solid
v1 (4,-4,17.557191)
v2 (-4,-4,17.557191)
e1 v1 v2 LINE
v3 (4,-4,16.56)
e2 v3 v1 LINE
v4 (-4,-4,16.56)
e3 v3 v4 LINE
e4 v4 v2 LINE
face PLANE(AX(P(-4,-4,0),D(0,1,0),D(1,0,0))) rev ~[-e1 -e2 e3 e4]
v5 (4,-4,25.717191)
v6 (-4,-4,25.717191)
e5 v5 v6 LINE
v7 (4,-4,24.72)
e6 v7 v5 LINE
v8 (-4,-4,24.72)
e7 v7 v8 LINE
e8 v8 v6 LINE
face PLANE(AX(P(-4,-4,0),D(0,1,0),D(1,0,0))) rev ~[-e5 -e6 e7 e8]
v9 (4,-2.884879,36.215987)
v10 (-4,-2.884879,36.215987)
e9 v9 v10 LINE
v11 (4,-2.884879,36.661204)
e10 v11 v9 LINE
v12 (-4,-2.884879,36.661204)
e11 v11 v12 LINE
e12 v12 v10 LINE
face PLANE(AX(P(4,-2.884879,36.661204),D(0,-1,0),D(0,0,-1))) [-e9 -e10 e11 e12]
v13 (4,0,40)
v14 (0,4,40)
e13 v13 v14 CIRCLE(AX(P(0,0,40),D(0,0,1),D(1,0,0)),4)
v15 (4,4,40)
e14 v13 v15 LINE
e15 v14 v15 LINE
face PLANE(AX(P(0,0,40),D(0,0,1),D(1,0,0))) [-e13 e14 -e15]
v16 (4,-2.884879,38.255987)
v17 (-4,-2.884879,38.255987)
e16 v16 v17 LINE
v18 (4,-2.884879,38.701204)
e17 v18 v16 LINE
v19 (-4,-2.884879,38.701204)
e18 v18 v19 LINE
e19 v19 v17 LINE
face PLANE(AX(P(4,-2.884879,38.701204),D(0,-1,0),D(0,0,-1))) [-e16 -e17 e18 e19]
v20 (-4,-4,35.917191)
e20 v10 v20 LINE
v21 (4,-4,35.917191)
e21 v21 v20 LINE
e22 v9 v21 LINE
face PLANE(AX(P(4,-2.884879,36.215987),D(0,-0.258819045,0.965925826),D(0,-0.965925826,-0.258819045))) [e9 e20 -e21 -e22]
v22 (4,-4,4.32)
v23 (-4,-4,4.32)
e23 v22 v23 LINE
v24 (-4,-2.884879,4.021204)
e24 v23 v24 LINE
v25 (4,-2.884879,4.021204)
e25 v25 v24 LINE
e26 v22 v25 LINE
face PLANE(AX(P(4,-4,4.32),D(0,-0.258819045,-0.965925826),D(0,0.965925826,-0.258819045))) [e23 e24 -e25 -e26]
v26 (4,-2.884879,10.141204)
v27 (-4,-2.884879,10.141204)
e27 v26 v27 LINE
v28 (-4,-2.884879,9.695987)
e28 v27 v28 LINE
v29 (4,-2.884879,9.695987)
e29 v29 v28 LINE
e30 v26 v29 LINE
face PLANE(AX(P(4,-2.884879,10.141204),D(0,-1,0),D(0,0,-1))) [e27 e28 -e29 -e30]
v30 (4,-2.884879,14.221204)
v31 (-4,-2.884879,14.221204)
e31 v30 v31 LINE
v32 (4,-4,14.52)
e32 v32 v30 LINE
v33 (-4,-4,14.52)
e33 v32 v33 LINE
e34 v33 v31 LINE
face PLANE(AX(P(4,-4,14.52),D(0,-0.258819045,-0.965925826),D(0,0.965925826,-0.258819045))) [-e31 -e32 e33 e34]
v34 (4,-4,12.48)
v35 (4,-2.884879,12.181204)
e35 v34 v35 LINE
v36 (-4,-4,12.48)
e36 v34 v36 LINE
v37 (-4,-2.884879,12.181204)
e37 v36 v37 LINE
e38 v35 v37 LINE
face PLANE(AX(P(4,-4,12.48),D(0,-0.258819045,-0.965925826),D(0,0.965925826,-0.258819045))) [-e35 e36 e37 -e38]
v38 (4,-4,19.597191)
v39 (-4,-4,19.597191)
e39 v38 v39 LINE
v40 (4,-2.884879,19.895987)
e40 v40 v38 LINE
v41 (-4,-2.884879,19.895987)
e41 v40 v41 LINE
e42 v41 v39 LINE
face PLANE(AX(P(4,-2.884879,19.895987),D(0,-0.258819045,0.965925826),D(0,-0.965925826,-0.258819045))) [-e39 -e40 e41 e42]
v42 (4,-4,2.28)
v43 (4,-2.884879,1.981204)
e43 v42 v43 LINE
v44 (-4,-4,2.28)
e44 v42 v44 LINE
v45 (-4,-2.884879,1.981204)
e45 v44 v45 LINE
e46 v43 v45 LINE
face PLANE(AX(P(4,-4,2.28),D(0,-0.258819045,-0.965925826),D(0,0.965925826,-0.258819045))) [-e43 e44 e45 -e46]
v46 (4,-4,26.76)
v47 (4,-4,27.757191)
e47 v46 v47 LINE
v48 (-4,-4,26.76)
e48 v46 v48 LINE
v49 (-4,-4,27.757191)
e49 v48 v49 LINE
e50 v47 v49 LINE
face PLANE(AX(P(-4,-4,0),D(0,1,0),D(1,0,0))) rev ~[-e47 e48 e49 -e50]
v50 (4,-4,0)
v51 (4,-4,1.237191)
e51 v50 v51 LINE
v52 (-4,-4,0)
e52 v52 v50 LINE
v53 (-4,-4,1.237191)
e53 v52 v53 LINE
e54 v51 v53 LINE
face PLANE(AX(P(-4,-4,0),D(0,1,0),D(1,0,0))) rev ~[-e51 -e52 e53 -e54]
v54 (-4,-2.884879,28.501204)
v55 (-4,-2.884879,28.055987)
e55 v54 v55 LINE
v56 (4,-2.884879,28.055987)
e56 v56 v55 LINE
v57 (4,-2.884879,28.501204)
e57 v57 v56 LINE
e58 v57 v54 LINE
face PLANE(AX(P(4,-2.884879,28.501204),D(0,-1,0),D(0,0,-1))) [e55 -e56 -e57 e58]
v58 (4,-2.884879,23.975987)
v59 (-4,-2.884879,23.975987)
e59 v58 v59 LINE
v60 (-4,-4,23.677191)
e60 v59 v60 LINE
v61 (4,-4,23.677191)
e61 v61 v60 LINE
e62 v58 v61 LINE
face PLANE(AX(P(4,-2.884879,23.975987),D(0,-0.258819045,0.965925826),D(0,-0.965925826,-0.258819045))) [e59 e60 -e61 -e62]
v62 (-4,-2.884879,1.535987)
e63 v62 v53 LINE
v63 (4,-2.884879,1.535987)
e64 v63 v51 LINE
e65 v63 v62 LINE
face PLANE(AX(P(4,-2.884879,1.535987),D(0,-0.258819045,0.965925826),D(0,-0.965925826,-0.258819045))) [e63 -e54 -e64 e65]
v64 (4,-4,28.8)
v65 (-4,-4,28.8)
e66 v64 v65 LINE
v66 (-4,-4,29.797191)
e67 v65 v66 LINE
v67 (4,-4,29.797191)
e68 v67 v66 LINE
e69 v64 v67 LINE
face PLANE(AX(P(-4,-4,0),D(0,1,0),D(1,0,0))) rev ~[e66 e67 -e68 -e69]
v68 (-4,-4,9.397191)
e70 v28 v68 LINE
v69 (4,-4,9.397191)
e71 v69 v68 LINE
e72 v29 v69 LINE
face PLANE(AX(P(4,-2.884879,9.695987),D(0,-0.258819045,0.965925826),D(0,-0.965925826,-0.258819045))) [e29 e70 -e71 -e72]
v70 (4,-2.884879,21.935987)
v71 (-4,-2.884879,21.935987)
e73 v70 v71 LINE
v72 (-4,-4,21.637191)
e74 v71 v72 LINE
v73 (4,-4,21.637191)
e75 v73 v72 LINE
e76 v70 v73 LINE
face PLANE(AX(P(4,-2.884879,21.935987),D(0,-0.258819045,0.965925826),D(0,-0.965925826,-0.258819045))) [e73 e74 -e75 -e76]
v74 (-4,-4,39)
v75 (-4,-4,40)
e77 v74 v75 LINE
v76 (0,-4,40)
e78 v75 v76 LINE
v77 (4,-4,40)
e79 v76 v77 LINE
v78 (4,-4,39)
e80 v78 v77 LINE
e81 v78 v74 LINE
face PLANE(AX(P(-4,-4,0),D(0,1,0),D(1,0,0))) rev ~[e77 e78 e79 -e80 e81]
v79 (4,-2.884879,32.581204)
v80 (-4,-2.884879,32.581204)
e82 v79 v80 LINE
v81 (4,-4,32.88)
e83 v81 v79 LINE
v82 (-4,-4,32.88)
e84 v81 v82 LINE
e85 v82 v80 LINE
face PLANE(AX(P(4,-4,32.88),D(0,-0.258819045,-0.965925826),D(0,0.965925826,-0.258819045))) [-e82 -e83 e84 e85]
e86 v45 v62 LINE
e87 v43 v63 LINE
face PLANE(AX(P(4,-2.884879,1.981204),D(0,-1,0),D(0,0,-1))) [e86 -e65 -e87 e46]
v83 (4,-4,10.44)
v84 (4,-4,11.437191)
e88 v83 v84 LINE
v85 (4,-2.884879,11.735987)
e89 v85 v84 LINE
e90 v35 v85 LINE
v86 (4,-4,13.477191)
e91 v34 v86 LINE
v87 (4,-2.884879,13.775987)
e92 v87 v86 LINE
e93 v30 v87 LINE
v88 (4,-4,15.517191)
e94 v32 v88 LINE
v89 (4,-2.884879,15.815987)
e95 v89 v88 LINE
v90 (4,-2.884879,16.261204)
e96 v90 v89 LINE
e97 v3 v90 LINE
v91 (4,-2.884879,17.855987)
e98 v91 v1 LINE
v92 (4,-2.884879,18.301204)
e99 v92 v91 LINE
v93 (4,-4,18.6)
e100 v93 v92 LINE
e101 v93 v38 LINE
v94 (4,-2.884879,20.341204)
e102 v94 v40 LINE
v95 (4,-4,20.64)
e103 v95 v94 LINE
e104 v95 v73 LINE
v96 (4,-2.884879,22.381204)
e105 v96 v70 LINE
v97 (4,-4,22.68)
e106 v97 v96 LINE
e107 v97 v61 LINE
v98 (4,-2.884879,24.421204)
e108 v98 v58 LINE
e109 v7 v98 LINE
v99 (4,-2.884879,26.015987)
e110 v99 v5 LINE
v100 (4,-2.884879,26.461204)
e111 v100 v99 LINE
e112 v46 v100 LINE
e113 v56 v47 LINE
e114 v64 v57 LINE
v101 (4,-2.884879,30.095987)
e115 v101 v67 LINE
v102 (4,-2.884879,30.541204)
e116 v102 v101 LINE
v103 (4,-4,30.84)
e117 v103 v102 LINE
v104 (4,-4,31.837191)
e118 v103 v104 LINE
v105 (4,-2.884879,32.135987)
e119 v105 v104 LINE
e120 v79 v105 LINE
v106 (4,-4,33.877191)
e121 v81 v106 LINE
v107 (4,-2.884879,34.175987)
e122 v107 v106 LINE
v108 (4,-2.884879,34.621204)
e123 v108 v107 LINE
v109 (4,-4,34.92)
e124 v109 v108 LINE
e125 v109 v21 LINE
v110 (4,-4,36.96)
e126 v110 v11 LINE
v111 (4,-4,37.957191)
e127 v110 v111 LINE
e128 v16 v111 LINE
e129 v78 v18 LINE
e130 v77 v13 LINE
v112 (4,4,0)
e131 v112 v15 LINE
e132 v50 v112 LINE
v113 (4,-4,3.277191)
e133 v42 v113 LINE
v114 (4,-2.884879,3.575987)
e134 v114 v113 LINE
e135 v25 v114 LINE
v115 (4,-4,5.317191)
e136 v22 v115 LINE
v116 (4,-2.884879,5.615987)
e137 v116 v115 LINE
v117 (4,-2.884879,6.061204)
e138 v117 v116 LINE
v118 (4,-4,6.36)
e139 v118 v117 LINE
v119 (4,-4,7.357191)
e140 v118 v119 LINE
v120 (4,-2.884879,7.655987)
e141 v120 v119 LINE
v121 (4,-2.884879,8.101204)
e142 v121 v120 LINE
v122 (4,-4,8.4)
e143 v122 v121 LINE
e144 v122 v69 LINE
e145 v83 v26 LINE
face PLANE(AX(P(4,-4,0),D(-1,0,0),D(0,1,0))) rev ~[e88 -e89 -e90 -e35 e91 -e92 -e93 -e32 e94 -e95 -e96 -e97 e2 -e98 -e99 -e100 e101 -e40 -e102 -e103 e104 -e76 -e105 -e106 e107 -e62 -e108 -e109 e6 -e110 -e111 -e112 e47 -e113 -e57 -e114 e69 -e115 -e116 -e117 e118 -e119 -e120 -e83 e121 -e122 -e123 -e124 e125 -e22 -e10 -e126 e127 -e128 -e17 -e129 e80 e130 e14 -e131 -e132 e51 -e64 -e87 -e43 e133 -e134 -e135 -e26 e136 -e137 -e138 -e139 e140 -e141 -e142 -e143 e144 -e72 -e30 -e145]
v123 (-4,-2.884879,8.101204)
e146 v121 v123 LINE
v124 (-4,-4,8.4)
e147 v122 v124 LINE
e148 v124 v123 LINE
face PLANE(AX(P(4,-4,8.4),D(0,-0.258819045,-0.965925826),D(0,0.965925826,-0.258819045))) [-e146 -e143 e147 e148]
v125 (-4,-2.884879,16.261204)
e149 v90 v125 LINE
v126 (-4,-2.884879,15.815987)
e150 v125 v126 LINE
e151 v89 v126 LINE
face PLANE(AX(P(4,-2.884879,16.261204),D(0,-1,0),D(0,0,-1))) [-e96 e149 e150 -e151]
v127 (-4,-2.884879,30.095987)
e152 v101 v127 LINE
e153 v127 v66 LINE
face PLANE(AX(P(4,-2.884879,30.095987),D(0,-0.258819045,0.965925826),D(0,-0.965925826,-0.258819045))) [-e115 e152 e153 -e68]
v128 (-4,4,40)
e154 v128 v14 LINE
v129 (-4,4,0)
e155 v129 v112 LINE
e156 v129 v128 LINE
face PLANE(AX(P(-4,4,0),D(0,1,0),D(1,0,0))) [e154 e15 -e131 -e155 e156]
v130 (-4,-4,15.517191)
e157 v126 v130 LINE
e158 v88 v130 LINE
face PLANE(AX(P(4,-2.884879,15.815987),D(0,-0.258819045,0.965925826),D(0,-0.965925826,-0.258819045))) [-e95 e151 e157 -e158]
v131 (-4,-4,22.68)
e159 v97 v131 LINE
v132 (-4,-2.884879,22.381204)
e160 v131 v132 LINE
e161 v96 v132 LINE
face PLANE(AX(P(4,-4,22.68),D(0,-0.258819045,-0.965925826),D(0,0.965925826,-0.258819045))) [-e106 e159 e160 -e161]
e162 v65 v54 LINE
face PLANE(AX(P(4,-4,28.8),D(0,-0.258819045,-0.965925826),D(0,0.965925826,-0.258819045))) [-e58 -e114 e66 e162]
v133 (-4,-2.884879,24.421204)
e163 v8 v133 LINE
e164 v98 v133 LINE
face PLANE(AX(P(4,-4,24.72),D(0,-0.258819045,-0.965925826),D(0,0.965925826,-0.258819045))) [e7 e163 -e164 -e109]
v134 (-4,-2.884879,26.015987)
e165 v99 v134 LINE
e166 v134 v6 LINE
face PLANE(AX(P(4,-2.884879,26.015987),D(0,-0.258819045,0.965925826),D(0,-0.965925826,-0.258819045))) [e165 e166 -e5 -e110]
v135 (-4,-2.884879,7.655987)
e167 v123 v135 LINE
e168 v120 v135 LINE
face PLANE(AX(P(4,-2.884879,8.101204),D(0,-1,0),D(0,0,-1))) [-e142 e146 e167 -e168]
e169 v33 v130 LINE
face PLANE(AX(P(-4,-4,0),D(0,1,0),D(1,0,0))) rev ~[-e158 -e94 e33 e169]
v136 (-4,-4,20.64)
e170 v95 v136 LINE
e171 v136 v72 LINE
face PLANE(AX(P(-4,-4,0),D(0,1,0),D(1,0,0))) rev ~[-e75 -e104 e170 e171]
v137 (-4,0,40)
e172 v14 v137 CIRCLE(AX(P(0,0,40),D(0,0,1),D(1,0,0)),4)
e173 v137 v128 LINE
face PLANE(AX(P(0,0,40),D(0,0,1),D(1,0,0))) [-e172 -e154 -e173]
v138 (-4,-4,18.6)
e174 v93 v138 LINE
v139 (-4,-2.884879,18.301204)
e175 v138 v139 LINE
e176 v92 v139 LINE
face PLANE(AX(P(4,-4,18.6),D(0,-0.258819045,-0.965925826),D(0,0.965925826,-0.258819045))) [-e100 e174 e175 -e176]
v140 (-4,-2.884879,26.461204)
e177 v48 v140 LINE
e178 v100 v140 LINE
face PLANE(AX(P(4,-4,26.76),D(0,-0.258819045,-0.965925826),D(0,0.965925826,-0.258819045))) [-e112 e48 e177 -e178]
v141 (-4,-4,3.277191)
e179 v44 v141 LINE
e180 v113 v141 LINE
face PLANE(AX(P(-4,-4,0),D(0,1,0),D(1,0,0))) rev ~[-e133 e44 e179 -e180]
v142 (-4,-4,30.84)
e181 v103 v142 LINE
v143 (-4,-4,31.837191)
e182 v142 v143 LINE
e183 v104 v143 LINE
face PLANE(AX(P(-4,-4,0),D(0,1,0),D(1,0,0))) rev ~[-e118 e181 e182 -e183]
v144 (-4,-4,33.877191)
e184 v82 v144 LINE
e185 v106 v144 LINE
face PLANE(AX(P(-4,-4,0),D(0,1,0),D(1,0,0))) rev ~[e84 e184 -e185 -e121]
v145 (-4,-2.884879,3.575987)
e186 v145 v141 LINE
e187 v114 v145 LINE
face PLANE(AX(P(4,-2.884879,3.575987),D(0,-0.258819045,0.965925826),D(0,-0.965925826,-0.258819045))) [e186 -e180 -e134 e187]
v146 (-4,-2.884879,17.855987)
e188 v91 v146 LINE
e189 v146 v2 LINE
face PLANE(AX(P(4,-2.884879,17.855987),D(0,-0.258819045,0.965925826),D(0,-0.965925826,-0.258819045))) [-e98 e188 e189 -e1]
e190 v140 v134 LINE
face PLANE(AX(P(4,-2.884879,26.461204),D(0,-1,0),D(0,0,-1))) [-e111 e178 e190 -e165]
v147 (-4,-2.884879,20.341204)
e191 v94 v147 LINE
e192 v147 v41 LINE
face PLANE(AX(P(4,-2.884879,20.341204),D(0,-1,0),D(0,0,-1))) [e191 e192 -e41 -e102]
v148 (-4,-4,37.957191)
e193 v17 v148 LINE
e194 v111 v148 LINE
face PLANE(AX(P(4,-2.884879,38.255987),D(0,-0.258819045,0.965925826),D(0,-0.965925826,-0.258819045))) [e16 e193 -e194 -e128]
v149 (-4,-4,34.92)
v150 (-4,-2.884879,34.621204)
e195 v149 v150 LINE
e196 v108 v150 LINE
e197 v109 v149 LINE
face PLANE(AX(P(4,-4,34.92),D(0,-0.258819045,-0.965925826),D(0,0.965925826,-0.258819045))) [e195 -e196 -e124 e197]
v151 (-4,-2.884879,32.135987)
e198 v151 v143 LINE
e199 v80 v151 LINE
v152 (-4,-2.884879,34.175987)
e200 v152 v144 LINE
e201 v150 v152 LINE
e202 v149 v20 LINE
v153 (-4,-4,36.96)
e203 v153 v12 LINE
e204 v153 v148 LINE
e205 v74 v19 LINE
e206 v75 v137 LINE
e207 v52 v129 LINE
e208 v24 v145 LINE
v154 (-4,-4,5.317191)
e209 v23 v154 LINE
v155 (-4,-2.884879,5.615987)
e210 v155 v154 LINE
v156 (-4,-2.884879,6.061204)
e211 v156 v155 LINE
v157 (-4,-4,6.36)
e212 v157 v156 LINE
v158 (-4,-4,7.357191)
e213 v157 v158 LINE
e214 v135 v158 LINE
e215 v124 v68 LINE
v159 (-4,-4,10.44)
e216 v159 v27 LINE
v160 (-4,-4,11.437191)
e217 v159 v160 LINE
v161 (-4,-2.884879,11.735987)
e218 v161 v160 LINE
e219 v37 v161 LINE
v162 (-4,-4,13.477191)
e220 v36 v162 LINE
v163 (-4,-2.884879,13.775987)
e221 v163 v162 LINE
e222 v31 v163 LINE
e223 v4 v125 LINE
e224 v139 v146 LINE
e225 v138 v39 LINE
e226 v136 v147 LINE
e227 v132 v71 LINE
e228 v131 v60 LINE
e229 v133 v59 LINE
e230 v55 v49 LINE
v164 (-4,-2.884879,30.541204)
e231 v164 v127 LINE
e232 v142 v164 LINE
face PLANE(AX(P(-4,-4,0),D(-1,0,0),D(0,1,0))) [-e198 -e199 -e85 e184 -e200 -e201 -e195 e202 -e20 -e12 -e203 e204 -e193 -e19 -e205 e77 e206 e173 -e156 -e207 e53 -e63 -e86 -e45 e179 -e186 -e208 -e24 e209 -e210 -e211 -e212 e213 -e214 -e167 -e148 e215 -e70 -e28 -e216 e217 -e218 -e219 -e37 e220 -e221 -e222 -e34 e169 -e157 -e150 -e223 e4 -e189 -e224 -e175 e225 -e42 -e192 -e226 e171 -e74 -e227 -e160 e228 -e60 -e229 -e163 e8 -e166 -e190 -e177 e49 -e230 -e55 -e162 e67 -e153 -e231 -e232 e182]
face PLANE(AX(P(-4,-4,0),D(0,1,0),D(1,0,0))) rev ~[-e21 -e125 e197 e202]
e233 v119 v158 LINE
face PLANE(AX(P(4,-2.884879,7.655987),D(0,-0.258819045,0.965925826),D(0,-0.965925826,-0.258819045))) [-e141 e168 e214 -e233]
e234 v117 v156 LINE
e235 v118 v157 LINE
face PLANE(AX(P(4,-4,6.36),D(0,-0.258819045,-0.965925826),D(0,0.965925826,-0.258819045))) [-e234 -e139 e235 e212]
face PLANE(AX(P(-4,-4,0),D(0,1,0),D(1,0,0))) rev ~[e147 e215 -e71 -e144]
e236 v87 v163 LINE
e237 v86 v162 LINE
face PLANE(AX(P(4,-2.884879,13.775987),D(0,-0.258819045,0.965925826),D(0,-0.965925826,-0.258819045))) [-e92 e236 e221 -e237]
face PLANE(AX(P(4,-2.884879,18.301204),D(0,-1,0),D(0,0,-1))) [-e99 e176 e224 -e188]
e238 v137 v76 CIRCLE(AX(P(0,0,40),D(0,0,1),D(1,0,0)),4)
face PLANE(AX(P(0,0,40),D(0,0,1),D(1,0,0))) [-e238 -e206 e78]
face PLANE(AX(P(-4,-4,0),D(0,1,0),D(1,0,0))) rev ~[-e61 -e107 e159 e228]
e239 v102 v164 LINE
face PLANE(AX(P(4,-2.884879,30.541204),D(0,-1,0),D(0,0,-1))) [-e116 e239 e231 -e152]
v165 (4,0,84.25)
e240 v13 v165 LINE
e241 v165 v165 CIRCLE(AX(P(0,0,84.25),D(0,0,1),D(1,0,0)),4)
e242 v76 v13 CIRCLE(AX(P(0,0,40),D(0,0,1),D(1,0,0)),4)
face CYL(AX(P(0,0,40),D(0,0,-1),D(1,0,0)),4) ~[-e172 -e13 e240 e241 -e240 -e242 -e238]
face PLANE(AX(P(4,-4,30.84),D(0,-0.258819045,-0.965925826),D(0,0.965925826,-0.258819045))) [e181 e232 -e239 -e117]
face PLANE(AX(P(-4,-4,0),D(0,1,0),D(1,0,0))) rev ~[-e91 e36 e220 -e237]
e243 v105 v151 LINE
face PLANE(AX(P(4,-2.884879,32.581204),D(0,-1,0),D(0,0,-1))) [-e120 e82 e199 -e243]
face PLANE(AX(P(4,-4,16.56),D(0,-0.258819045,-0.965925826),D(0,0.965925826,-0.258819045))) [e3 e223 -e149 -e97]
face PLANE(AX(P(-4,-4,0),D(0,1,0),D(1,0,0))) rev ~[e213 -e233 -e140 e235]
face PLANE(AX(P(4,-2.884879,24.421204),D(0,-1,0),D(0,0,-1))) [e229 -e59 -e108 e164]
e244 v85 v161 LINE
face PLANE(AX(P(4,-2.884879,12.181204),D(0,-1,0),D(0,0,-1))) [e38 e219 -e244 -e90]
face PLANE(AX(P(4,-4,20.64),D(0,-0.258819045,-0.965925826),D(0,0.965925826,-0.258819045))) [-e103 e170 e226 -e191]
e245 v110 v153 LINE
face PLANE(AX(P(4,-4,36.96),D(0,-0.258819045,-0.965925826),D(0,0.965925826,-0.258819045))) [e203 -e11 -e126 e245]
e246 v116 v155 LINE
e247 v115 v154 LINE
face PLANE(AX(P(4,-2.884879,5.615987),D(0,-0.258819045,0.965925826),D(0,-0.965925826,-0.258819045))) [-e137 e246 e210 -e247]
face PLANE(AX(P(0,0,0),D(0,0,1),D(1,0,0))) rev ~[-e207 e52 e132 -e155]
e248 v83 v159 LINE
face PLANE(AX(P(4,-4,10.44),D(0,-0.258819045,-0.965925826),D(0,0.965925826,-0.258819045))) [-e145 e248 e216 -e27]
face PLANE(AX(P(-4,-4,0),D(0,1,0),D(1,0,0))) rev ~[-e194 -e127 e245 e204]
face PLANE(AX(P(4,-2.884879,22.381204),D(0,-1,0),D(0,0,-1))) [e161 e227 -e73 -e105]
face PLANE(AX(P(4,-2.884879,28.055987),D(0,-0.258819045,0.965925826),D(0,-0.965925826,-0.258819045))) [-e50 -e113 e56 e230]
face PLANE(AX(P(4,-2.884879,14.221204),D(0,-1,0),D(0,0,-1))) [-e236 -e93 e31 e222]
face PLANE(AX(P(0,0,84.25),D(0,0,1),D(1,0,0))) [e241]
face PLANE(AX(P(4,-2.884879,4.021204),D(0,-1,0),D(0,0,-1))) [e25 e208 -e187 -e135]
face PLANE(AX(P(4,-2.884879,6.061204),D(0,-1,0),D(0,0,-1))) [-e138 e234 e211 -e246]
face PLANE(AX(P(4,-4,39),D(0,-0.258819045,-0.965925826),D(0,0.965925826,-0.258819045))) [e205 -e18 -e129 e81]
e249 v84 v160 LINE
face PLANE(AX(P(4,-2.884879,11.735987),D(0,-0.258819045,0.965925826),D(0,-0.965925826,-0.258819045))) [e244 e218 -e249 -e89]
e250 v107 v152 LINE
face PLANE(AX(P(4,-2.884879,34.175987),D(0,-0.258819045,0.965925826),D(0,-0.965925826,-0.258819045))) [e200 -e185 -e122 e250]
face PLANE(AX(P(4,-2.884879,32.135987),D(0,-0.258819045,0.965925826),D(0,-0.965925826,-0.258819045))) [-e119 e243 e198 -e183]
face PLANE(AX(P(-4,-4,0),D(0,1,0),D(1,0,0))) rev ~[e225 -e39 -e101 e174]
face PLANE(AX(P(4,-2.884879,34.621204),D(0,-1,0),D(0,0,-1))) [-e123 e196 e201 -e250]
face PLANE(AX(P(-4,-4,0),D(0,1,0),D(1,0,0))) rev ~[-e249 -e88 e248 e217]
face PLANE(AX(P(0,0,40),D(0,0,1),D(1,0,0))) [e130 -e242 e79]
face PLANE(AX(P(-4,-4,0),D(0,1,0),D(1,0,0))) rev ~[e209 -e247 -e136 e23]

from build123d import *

# Parameters (mm, degrees)
CROQUIS1_W              = 8
CROQUIS1_H              = 8
EXTRUIR1_DEPTH          = 40
CORTAR_EXTRUIR3_DEPTH   = 8
CROQUIS5_R              = 4
SALIENTE_EXTRUIR1_DEPTH = 44.25


with BuildPart() as part:
    # Croquis1 → Extruir1 (new body)
    with BuildSketch(Plane.XY):
        Rectangle(CROQUIS1_W, CROQUIS1_H)
    extrude(amount=EXTRUIR1_DEPTH)

    # Croquis4 → Cortar-Extruir3 (cut)
    with BuildSketch(Plane(origin=(4, 0, 0), x_dir=(0, 0, -1), z_dir=(1, 0, 0))):
        Polygon((-36.96, -4), (-36.6612042, -2.884878893), (-36.21598653, -2.884878893), (-35.91719073, -4), align=None)
        Polygon((-39, -4), (-38.7012042, -2.884878893), (-38.25598653, -2.884878893), (-37.95719073, -4), align=None)
        Polygon((-34.92, -4), (-34.6212042, -2.884878893), (-34.17598653, -2.884878893), (-33.87719073, -4), align=None)
        Polygon((-32.88, -4), (-32.5812042, -2.884878893), (-32.13598653, -2.884878893), (-31.83719073, -4), align=None)
        Polygon((-30.84, -4), (-30.5412042, -2.884878893), (-30.09598653, -2.884878893), (-29.79719073, -4), align=None)
        Polygon((-28.8, -4), (-28.5012042, -2.884878893), (-28.05598653, -2.884878893), (-27.75719073, -4), align=None)
        Polygon((-26.76, -4), (-26.4612042, -2.884878893), (-26.01598653, -2.884878893), (-25.71719073, -4), align=None)
        Polygon((-24.72, -4), (-24.4212042, -2.884878893), (-23.97598653, -2.884878893), (-23.67719073, -4), align=None)
        Polygon((-22.68, -4), (-22.3812042, -2.884878893), (-21.93598653, -2.884878893), (-21.63719073, -4), align=None)
        Polygon((-20.64, -4), (-20.3412042, -2.884878893), (-19.89598653, -2.884878893), (-19.59719073, -4), align=None)
        Polygon((-18.6, -4), (-18.3012042, -2.884878893), (-17.85598653, -2.884878893), (-17.55719073, -4), align=None)
        Polygon((-16.56, -4), (-16.2612042, -2.884878893), (-15.81598653, -2.884878893), (-15.51719073, -4), align=None)
        Polygon((-14.52, -4), (-14.2212042, -2.884878893), (-13.77598653, -2.884878893), (-13.47719073, -4), align=None)
        Polygon((-12.48, -4), (-12.1812042, -2.884878893), (-11.73598653, -2.884878893), (-11.43719073, -4), align=None)
        Polygon((-10.44, -4), (-10.1412042, -2.884878893), (-9.69598653, -2.884878893), (-9.39719073, -4), align=None)
        Polygon((-8.4, -4), (-8.1012042, -2.884878893), (-7.65598653, -2.884878893), (-7.35719073, -4), align=None)
        Polygon((-6.36, -4), (-6.0612042, -2.884878893), (-5.61598653, -2.884878893), (-5.31719073, -4), align=None)
        Polygon((-4.32, -4), (-4.0212042, -2.884878893), (-3.57598653, -2.884878893), (-3.27719073, -4), align=None)
        Polygon((-2.28, -4), (-1.9812042, -2.884878893), (-1.53598653, -2.884878893), (-1.23719073, -4), align=None)
    extrude(amount=-CORTAR_EXTRUIR3_DEPTH, mode=Mode.SUBTRACT)

    # Croquis5 → Saliente-Extruir1 (add)
    with BuildSketch(Plane.XY.offset(40)):
        Circle(CROQUIS5_R)
    extrude(amount=SALIENTE_EXTRUIR1_DEPTH)


solid = part.part
